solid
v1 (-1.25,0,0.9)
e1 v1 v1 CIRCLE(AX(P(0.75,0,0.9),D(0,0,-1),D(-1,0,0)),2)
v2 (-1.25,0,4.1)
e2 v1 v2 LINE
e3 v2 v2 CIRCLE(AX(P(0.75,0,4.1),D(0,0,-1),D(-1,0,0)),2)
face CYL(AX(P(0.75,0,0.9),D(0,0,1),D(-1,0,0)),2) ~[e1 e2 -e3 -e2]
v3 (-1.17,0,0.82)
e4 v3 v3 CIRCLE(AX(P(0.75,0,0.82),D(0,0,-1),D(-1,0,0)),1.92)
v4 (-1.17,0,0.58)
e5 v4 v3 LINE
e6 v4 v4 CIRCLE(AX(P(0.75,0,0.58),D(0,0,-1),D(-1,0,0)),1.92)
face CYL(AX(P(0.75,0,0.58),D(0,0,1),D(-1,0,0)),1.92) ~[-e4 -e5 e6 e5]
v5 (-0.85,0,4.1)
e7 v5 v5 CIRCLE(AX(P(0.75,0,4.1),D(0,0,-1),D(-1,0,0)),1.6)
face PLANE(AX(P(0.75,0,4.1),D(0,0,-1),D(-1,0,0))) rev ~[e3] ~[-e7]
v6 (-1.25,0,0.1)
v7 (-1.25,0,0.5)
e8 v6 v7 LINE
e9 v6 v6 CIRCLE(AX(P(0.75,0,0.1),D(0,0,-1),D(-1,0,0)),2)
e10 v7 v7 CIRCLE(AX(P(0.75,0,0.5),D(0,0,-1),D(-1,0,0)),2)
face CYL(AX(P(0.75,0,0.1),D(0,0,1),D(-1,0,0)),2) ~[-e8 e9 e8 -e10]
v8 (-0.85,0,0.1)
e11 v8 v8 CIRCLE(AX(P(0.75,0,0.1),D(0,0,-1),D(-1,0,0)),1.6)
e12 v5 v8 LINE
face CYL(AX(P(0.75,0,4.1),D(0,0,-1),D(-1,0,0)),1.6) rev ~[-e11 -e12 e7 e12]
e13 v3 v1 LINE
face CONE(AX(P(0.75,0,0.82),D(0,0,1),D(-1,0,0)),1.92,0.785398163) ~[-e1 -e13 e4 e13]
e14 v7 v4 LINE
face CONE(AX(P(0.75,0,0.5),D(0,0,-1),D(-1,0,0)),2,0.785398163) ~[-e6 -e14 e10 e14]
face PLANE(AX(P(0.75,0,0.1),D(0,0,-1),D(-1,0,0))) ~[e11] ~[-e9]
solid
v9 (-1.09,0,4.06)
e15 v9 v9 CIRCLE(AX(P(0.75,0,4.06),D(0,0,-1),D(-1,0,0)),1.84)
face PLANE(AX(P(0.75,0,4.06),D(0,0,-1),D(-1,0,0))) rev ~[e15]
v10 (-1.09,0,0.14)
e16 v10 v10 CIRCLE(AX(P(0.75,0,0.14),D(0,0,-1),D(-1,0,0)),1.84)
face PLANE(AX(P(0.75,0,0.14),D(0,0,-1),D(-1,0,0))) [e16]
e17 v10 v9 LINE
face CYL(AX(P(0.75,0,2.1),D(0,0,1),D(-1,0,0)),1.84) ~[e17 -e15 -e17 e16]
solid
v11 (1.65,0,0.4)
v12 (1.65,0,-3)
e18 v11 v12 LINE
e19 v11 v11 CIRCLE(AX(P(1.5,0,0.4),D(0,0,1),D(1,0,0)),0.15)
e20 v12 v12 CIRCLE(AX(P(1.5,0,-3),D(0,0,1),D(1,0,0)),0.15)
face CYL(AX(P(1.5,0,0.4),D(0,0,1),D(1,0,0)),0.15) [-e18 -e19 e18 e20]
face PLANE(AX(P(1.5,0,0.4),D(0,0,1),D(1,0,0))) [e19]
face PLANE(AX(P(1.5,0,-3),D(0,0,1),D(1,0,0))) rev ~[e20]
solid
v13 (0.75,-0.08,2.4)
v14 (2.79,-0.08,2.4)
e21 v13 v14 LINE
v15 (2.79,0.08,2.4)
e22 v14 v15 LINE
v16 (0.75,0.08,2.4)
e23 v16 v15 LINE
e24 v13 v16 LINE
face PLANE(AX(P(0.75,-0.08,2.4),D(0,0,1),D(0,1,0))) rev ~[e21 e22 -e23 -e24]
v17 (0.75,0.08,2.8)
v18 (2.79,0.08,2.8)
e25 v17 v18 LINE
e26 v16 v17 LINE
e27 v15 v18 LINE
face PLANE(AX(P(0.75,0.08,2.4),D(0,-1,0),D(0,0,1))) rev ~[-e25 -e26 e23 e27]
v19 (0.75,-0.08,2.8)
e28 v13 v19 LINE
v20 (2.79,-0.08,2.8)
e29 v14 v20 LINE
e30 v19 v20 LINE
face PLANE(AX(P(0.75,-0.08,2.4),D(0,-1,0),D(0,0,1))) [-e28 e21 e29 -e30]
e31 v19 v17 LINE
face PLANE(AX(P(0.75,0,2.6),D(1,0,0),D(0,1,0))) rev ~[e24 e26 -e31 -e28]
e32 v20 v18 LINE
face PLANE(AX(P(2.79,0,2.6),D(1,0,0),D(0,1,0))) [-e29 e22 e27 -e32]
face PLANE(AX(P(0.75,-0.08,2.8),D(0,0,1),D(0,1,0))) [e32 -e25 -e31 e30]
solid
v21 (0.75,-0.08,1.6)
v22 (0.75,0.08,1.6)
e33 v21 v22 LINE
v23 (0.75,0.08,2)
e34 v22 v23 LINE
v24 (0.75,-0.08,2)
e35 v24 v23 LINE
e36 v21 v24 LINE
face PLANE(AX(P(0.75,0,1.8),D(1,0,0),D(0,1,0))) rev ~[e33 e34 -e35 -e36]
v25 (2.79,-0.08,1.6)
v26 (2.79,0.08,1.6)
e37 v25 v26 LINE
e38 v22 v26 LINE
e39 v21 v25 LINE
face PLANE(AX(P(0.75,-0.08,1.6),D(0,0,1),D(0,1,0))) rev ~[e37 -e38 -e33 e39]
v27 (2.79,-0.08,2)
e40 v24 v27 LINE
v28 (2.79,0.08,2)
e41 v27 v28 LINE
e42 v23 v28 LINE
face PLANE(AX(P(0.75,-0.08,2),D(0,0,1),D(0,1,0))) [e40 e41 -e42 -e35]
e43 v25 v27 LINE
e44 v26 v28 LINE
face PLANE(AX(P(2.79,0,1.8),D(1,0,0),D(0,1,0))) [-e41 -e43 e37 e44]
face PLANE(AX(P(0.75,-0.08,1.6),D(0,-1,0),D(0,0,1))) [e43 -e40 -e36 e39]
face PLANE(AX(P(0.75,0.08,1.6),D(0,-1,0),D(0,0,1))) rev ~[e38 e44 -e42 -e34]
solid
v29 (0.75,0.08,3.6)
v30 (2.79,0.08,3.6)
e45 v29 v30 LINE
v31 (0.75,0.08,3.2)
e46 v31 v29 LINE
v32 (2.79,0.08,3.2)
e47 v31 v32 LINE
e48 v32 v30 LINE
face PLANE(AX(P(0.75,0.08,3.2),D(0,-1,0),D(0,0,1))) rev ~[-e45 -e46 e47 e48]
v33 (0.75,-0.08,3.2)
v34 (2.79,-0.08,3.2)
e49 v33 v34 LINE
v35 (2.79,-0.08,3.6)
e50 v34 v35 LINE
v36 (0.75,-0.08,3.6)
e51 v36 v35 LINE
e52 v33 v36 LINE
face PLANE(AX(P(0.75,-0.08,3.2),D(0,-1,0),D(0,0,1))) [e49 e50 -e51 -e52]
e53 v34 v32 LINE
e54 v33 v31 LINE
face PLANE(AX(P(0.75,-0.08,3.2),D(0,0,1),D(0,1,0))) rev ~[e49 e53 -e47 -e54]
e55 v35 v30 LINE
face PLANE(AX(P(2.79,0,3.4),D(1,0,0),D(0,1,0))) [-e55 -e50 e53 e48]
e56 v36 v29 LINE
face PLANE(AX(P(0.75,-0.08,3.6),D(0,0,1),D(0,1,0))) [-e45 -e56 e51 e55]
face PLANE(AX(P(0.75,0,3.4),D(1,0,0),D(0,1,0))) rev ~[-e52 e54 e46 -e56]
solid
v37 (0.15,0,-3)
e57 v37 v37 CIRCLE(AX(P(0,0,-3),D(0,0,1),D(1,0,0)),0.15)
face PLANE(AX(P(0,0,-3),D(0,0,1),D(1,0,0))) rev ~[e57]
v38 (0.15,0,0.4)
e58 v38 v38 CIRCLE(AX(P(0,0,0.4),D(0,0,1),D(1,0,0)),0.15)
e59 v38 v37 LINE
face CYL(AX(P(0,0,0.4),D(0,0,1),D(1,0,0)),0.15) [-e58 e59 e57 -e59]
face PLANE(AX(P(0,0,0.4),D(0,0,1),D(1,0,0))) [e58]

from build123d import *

# Parameters (mm, degrees)
SKETCH002_W  = 1.84
SKETCH002_H  = 3.92
SKETCH003_R  = 0.15
PAD_DEPTH    = 3.4
SKETCH004_W  = 0.16
SKETCH004_H  = 0.4
PAD001_DEPTH = 2.04


with BuildPart() as revolution:
    # Sketch → Revolution (revolve)
    with BuildSketch(Plane.XZ):
        Polygon((-1.25, 0.1), (-1.25, 0.5), (-1.17, 0.58), (-1.17, 0.82), (-1.25, 0.9), (-1.25, 4.1), (-0.85, 4.1), (-0.85, 0.1), align=None)
    revolve(axis=Axis((0.75, 0, 7.548619), (0, 0, -1)))


with BuildPart() as revolution001:
    # Sketch002 → Revolution001 (revolve)
    with BuildSketch(Plane.XZ):
        with Locations((-0.17, 2.1)):
            Rectangle(SKETCH002_W, SKETCH002_H)
    revolve(axis=Axis((0.75, 0, 4.680116), (0, 0, -1)))


with BuildPart() as pad:
    # Sketch003 → Pad (new body)
    with BuildSketch(Plane.XY.offset(0.4)):
        Circle(SKETCH003_R)
        with Locations((1.5, 0)):
            Circle(SKETCH003_R)
    extrude(amount=-PAD_DEPTH)


with BuildPart() as pad001:
    # Sketch004 → Pad001 (new body)
    with BuildSketch(Plane.YZ.offset(0.75)):
        with Locations((0, 1.8)):
            Rectangle(SKETCH004_W, SKETCH004_H)
        with Locations((0, 2.6)):
            Rectangle(SKETCH004_W, SKETCH004_H)
        with Locations((0, 3.4)):
            Rectangle(SKETCH004_W, SKETCH004_H)
    extrude(amount=PAD001_DEPTH)


solid = Compound([revolution.part, revolution001.part, pad.part, pad001.part])
